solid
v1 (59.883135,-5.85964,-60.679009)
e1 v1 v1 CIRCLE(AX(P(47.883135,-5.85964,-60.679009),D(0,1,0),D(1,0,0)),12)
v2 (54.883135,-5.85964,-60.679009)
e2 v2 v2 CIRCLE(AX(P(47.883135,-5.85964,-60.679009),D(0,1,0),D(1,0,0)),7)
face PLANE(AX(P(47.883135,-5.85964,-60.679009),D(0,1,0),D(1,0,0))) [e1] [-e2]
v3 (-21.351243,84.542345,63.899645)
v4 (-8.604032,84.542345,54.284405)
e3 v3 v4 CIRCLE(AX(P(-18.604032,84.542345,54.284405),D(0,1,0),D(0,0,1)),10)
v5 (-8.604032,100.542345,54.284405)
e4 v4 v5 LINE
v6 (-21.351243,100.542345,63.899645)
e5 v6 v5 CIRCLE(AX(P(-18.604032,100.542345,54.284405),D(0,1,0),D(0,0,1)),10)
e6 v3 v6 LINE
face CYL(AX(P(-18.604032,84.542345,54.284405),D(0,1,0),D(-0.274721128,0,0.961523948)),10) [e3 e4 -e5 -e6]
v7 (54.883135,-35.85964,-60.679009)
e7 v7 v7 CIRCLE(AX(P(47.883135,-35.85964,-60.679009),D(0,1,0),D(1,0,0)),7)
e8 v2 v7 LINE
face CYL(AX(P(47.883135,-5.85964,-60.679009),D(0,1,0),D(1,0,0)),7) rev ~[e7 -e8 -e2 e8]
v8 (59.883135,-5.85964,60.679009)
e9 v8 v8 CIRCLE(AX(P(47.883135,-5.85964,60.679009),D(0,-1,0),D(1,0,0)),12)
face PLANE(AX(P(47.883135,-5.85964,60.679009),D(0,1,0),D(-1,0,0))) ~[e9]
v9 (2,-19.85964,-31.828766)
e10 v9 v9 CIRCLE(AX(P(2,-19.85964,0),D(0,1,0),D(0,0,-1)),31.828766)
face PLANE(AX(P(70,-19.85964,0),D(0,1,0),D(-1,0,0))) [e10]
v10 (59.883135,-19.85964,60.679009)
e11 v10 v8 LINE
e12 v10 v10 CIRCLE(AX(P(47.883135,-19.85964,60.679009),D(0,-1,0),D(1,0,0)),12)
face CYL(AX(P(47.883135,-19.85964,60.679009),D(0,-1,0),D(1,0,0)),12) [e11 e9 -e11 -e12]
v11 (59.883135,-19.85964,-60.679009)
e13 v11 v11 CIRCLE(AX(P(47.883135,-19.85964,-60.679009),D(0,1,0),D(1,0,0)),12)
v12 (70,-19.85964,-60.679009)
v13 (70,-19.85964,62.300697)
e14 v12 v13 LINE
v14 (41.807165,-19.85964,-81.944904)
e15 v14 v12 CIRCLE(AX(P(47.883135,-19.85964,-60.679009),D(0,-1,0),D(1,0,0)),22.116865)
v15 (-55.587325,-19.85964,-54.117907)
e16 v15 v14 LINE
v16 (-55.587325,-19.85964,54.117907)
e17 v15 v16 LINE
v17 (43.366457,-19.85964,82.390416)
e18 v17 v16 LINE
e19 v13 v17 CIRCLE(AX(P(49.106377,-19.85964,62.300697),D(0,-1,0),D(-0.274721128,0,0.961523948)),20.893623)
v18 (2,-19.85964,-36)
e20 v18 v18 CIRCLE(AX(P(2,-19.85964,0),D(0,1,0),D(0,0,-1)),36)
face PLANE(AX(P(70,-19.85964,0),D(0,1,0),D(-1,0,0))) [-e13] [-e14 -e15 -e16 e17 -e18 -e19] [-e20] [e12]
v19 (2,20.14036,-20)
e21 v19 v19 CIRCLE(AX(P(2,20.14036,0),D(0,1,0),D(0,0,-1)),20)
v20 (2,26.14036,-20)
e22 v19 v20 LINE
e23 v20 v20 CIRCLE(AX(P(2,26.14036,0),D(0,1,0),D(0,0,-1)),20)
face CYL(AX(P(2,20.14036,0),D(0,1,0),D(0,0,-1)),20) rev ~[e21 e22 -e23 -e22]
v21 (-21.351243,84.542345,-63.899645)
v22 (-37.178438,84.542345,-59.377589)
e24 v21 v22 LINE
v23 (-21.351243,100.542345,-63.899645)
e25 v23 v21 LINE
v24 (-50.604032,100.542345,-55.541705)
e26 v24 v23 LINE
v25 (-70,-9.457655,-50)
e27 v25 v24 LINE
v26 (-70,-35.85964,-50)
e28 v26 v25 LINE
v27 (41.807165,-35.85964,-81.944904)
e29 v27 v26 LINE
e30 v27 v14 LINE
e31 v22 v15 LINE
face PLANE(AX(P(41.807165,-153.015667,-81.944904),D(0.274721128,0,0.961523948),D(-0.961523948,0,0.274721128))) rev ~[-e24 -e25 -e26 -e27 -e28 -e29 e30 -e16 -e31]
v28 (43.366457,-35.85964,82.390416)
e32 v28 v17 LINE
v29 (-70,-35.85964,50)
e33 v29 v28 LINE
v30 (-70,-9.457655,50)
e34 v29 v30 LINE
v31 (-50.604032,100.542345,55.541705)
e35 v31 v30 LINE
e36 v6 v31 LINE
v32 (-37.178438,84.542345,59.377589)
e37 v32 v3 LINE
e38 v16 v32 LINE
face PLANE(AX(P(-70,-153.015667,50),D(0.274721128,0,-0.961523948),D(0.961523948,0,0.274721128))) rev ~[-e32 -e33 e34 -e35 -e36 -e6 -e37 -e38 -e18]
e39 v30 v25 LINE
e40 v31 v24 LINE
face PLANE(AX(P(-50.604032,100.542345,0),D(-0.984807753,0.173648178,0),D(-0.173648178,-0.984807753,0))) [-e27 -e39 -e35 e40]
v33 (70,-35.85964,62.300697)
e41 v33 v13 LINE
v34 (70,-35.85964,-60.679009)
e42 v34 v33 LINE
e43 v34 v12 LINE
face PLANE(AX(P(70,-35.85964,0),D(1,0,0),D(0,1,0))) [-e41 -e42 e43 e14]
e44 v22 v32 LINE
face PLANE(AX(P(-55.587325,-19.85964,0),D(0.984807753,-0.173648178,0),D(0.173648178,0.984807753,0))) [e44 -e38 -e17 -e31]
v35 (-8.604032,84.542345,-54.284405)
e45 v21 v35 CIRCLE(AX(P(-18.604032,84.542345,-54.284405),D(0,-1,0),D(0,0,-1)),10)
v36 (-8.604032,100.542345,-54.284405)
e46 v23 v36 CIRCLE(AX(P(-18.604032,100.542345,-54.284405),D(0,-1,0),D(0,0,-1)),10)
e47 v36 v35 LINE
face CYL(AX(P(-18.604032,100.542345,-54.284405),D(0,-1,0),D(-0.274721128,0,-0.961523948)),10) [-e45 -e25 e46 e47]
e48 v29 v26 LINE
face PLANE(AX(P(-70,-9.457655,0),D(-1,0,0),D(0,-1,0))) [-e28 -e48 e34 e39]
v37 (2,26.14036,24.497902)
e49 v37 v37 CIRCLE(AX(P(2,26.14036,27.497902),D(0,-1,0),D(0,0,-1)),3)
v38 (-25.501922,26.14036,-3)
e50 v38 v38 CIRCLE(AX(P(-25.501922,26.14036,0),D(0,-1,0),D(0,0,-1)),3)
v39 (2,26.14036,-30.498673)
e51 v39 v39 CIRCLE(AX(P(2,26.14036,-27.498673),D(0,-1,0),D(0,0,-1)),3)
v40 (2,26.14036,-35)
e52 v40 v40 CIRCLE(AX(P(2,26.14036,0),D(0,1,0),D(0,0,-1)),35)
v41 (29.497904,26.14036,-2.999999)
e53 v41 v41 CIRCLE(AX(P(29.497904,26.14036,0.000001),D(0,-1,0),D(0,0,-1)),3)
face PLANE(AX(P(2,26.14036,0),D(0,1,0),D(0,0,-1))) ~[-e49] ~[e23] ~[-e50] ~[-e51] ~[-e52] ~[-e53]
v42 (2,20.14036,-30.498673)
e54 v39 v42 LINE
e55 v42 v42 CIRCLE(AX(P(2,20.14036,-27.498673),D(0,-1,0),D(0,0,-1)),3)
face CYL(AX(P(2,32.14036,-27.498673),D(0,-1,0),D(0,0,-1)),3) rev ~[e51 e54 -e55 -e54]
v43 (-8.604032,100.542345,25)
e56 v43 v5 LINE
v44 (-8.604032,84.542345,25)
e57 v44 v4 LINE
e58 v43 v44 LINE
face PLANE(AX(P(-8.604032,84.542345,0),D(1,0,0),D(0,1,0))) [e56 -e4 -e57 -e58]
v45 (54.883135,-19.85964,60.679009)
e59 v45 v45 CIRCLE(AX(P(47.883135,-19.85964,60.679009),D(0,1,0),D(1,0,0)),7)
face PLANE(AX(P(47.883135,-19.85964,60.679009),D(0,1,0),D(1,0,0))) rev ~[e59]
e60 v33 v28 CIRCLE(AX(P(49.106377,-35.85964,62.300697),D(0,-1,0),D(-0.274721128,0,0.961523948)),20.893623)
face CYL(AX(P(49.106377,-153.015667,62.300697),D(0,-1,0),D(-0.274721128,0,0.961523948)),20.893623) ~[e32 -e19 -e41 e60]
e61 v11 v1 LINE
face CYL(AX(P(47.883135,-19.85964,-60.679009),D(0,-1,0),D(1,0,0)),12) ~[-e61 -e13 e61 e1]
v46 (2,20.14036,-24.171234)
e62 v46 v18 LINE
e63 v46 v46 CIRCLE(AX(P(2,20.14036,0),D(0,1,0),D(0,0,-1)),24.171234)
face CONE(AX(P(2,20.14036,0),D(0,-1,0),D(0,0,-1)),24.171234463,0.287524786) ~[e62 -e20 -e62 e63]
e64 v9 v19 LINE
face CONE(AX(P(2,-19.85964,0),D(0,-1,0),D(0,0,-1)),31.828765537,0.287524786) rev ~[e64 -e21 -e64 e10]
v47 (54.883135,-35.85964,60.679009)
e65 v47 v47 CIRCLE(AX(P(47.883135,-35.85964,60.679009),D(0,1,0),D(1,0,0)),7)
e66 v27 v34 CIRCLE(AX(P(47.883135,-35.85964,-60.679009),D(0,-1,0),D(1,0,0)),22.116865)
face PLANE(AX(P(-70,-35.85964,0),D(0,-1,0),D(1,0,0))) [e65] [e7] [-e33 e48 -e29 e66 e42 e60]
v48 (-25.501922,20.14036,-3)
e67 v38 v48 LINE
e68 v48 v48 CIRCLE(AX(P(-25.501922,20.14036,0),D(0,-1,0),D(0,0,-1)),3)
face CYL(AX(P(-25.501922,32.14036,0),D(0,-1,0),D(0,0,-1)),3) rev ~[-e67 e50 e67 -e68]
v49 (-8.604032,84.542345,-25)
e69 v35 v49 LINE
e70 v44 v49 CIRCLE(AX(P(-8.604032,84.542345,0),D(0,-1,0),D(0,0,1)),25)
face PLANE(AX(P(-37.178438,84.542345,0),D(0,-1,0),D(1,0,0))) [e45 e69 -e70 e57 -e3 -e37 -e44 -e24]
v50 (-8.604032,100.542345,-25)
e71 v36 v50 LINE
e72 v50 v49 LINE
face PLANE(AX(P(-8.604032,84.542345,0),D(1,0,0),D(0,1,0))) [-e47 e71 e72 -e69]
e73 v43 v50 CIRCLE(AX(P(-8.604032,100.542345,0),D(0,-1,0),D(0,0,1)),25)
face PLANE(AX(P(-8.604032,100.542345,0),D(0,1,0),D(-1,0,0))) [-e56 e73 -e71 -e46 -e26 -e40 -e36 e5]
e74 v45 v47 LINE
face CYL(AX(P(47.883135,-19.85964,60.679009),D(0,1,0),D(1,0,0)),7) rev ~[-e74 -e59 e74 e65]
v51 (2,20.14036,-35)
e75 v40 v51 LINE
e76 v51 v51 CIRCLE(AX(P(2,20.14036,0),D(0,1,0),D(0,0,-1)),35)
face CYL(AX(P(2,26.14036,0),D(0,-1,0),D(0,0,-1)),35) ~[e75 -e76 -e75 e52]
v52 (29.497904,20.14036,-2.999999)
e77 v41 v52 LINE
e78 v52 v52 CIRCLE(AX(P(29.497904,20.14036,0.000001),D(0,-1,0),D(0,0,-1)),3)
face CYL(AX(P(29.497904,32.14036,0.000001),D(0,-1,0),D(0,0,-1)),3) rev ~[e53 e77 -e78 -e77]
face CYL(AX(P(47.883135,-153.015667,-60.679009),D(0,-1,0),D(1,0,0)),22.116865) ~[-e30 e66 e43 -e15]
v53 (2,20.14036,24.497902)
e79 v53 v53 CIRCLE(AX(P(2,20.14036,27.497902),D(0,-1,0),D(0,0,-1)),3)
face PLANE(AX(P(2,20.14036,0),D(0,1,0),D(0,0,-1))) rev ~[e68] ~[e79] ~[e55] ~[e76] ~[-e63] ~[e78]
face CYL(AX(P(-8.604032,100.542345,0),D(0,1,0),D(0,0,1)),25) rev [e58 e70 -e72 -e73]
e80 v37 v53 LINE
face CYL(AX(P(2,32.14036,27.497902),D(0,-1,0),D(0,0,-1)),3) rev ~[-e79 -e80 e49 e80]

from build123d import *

# Parameters (mm, degrees)
SALIENTE_EXTRUIR1_DEPTH              = 90
CORTAR_EXTRUIR1_DEPTH                = 153.015667403
CORTAR_EXTRUIR1_DEPTH_BACK           = 153.015667403
CROQUIS2_OUTSIDE_W                   = 195.144
CROQUIS2_OUTSIDE_H                   = 235.144
REDONDEO1_R                          = 10
CROQUIS3_R                           = 12
SALIENTE_EXTRUIR2_DEPTH              = 14
CORTAR_EXTRUIR2_DEPTH                = 16
TALADRO1_D                           = 6
TALADRO1_DEPTH                       = 6
TALADRO_ROSCADO_M163_REACH           = 216.283
TALADRO_ROSCADO_M163_BORE_R          = 7
TALADRO_ROSCADO_M163_ON_FACE_2_REACH = 223.31
TALADRO_ROSCADO_M163_BORE_2_R        = 7


with BuildPart() as part:
    # Croquis1 → Saliente-Extruir1 (new, symmetric)
    with BuildSketch(Plane.XY):
        Polygon((-70, -35.859640122), (70, -35.859640122), (70, -19.859640122), (-55.587324838, -19.859640122), (-37.178438023, 84.54234499), (-8.604032122, 84.54234499), (-8.604032122, 100.54234499), (-50.604032122, 100.54234499), (-70, -9.45765501), align=None)
    extrude(amount=SALIENTE_EXTRUIR1_DEPTH, both=True)

    # Croquis2 outside → Cortar-Extruir1 (cut, two sides: drawn at the far end of the back side and taken through both)
    with BuildSketch(Plane(origin=(0, 0, 0), x_dir=(1, 0, 0), z_dir=(0, 1, 0)).offset(-CORTAR_EXTRUIR1_DEPTH_BACK)):
        Rectangle(CROQUIS2_OUTSIDE_W, CROQUIS2_OUTSIDE_H)
        with BuildLine():
            Line((-70, 50), (-70, -50))
            Line((-70, -50), (43.366457067, -82.390416305))
            ThreePointArc((43.366457067, -82.390416305), (61.688422944, -78.981093081), (70, -62.300697244))
            Line((70, -62.300697244), (70, 60.679009052))
            ThreePointArc((70, 60.679009052), (61.20181191, 78.335978242), (41.807165035, 81.944904296))
            Line((41.807165035, 81.944904296), (-70, 50))
        make_face(mode=Mode.SUBTRACT)
    extrude(amount=CORTAR_EXTRUIR1_DEPTH + CORTAR_EXTRUIR1_DEPTH_BACK, mode=Mode.SUBTRACT)

    # Redondeo1
    redondeo1_edges = [part.edges().sort_by_distance(p)[0] for p in [
        (-8.604032122, 92.54234499, -67.541705108),
        (-8.604032122, 92.54234499, 67.541705108),
    ]]
    fillet(redondeo1_edges, radius=REDONDEO1_R)

    # Croquis3 → Saliente-Extruir2 (add)
    with BuildSketch(Plane(origin=(0, -19.859640122, 0), x_dir=(1, 0, 0), z_dir=(0, 1, 0))):
        with Locations((47.883135105, 60.679009052)):
            Circle(CROQUIS3_R)
    saliente_extruir2 = extrude(amount=SALIENTE_EXTRUIR2_DEPTH)

    # Simetría4: Saliente-Extruir2 across plane
    add(saliente_extruir2.mirror(Plane.XY))

    # Croquis4 → Cortar-Extruir2 (cut)
    with BuildSketch(Plane(origin=(0, 100.54234499, 0), x_dir=(1, 0, 0), z_dir=(0, 1, 0))):
        with BuildLine():
            Line((-8.604032122, 25), (-8.604032122, -25))
            ThreePointArc((-8.604032122, -25), (-33.604032122, 0), (-8.604032122, 25))
        make_face()
    extrude(amount=-CORTAR_EXTRUIR2_DEPTH, mode=Mode.SUBTRACT)

    # Croquis5 → Revolución1 (revolve)
    with BuildSketch(Plane.XY, mode=Mode.PRIVATE) as revoluci_n1_sk:
        Polygon((37, 26.140359878), (37, 20.140359878), (26.171234463, 20.140359878), (38, -19.859640122), (33.828765537, -19.859640122), (22, 20.140359878), (22, 26.140359878), align=None)
    revolve(revoluci_n1_sk.sketch.rotate(Axis((2, -40.2659066, 0), (0, 1, 0)), 90), axis=Axis((2, -40.2659066, 0), (0, 1, 0)))

    # Taladro1
    with Locations(Plane(origin=(2, 26.140359878, -27.498672592), x_dir=(0, 0, 1), z_dir=(0, 1, 0))):
        with Locations((0, 0), (27.498673581, 27.497904202), (54.996574558, 0), (27.498672592, -27.501922028)):
            Hole(TALADRO1_D / 2, depth=TALADRO1_DEPTH)

    # Taladro roscado M163 bore (on position points) → Taladro roscado M163 (cut, up to next)
    with BuildSketch(Plane(origin=(47.883135105, -5.859640122, -60.679009052), x_dir=(1, 0, 0), z_dir=(0, 1, 0)), mode=Mode.PRIVATE) as taladro_roscado_m163_sk1:
        Circle(TALADRO_ROSCADO_M163_BORE_R)
    taladro_roscado_m163_tool1 = extrude(taladro_roscado_m163_sk1.sketch, amount=-TALADRO_ROSCADO_M163_REACH, mode=Mode.PRIVATE) & part.part
    add(taladro_roscado_m163_tool1.solids().sort_by_distance((47.883135, -5.85964, -60.679009))[0], mode=Mode.SUBTRACT)

    # Taladro roscado M163 bore 2 (on position points) → Taladro roscado M163 on face 2 (cut, up to next)
    with BuildSketch(Plane(origin=(47.883135105, -19.859640122, 60.679009052), x_dir=(1, 0, 0), z_dir=(0, 1, 0)), mode=Mode.PRIVATE) as taladro_roscado_m163_on_face_2_sk1:
        Circle(TALADRO_ROSCADO_M163_BORE_2_R)
    taladro_roscado_m163_on_face_2_tool1 = extrude(taladro_roscado_m163_on_face_2_sk1.sketch, amount=-TALADRO_ROSCADO_M163_ON_FACE_2_REACH, mode=Mode.PRIVATE) & part.part
    add(taladro_roscado_m163_on_face_2_tool1.solids().sort_by_distance((47.883135, -19.85964, 60.679009))[0], mode=Mode.SUBTRACT)


solid = part.part
